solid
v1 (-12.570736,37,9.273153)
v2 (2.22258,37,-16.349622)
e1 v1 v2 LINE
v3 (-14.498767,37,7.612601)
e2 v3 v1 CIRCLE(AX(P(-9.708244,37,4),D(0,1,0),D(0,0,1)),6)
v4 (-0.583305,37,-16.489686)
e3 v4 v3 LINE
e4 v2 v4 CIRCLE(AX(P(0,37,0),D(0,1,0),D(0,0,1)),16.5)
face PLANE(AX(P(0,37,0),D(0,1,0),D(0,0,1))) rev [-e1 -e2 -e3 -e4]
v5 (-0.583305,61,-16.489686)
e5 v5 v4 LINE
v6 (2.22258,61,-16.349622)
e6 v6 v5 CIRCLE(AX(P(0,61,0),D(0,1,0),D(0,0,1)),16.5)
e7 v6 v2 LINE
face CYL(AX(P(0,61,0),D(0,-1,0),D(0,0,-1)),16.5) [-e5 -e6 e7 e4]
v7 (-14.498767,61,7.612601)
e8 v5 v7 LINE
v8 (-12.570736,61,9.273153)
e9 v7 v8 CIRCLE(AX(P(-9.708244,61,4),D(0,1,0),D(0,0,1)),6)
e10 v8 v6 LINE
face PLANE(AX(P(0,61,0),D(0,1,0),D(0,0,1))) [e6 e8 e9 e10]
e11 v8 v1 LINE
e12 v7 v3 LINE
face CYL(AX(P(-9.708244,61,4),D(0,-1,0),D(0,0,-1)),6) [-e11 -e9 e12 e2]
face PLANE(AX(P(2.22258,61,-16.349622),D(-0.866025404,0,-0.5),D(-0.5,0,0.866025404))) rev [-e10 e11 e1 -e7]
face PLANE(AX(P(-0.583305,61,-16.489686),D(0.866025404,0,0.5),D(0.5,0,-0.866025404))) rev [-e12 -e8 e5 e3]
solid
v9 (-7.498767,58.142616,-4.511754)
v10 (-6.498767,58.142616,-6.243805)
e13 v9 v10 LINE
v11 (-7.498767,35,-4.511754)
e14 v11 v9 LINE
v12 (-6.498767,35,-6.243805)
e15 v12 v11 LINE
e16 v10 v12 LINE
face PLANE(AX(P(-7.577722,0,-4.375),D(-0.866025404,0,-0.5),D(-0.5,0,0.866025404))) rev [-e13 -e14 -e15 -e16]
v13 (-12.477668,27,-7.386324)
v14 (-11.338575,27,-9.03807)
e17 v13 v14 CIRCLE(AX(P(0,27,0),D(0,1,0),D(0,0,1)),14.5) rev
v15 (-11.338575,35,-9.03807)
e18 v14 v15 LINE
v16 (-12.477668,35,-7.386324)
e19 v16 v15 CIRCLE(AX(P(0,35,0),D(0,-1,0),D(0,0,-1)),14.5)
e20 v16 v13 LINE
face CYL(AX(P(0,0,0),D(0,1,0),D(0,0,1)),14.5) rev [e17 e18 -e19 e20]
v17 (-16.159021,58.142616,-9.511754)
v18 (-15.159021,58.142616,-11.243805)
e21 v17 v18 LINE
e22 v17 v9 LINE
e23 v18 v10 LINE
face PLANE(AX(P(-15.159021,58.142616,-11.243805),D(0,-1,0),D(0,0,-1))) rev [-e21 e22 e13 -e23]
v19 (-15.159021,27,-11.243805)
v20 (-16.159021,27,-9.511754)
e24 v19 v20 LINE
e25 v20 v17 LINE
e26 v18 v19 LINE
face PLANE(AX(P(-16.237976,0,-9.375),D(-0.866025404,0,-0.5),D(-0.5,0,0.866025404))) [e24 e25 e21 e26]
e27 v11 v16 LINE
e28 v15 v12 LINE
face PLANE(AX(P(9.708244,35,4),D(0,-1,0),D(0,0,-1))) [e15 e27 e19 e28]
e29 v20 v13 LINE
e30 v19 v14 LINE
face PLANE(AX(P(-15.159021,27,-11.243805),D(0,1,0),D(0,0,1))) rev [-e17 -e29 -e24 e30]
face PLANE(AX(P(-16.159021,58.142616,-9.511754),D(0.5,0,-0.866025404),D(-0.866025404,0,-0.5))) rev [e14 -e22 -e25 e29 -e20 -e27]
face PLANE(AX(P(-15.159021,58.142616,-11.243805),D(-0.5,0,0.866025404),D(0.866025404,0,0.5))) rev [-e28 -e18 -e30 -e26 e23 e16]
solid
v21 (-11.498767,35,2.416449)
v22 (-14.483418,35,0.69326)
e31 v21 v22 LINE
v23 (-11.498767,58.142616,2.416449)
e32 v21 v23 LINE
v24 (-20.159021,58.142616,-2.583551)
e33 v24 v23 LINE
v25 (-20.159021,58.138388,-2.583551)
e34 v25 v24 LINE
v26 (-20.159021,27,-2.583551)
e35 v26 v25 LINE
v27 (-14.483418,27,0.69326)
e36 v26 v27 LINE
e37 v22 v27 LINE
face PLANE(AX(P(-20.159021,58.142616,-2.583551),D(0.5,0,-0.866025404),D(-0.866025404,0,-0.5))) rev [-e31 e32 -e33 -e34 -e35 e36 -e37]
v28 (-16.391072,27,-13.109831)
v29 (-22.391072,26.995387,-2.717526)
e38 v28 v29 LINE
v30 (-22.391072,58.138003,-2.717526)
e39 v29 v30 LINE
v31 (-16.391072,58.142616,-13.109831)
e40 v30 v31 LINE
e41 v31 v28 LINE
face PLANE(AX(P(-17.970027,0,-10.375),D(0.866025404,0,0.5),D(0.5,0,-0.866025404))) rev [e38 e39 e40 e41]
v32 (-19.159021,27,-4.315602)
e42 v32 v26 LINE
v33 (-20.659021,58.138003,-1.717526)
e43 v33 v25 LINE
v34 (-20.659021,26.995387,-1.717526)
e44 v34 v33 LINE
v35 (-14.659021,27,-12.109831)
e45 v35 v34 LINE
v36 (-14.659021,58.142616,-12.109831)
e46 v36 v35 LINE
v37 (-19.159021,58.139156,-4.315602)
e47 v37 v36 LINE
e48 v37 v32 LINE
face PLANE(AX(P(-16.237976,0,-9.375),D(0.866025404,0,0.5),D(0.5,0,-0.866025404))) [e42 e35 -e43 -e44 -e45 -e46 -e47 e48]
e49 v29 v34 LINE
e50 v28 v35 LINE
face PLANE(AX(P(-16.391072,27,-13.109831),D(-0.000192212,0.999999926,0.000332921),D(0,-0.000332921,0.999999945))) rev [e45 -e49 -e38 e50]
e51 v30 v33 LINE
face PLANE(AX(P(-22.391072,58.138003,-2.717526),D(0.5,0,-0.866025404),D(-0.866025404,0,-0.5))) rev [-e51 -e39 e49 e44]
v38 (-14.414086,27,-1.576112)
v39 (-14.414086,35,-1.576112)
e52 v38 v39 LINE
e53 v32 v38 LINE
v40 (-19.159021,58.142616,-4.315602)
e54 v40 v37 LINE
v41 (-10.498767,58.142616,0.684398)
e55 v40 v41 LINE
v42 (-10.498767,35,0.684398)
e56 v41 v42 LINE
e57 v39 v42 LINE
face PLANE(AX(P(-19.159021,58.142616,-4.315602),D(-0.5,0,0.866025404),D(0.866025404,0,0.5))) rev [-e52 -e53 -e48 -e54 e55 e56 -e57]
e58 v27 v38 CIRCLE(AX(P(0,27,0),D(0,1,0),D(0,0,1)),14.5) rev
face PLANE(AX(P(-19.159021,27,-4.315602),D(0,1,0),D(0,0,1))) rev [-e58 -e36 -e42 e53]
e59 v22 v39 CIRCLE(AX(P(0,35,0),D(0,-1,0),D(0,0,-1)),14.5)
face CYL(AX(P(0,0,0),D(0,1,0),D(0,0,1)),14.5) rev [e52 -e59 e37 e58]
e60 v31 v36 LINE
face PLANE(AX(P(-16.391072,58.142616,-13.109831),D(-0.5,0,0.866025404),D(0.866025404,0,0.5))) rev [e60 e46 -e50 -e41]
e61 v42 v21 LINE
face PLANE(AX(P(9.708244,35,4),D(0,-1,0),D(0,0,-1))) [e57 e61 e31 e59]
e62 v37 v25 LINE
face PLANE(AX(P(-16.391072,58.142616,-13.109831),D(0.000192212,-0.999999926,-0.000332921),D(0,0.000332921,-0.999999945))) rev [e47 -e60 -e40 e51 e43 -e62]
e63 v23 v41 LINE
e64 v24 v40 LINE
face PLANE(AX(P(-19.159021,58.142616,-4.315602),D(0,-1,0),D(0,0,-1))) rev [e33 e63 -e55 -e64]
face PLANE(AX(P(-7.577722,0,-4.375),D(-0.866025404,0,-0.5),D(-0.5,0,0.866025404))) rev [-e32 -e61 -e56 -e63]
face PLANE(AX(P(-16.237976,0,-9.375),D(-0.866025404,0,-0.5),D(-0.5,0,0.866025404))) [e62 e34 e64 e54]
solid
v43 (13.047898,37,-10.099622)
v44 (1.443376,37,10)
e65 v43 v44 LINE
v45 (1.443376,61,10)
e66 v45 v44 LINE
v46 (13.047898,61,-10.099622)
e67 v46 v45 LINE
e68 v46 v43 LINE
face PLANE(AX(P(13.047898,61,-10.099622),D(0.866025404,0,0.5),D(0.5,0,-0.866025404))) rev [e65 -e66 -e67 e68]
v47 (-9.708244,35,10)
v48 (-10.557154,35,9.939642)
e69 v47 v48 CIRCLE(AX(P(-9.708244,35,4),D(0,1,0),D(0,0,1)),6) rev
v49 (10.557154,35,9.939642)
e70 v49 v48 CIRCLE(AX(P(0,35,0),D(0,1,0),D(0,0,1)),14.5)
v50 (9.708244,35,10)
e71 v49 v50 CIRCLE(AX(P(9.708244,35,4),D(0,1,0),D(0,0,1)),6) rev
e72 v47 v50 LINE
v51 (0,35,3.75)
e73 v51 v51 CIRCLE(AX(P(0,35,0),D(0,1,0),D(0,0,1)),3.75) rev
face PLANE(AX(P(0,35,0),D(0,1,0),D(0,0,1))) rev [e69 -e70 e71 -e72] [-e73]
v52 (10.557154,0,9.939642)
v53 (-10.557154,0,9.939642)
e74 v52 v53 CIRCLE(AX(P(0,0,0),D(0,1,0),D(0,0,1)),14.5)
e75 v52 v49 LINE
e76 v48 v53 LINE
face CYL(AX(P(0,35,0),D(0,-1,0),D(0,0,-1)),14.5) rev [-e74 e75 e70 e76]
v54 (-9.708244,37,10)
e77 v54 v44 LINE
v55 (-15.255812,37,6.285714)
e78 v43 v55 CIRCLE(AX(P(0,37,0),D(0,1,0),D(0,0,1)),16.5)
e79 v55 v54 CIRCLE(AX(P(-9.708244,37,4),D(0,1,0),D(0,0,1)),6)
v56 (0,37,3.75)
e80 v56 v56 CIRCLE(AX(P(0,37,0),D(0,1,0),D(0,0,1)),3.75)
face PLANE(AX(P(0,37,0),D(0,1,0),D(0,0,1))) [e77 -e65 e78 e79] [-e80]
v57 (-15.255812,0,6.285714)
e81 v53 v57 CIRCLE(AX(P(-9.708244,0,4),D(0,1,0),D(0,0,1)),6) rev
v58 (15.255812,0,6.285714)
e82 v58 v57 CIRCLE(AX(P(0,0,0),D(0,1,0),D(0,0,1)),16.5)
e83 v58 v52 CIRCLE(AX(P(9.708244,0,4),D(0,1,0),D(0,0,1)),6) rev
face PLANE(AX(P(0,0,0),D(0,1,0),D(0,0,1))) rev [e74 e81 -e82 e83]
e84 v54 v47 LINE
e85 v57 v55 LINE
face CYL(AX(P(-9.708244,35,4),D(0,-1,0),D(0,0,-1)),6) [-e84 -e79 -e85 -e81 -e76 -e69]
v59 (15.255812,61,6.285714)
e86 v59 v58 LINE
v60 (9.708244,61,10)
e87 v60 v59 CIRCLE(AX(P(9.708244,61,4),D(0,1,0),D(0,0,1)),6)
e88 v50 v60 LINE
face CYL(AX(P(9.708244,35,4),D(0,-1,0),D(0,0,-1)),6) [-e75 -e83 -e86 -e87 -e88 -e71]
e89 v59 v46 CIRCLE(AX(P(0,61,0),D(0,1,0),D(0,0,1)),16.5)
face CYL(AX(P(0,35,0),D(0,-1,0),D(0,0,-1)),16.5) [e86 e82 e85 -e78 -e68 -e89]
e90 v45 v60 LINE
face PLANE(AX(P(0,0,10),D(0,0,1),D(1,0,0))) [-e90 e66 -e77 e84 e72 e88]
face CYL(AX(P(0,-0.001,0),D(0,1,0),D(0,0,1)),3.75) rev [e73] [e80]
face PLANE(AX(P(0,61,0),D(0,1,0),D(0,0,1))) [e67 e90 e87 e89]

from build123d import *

# Parameters (mm, degrees)
SKETCH_1_R          = 16.5
SKETCH_1_R_2        = 14.5
EXTRUDE_1_DEPTH     = 35
SKETCH_3_R          = 16.5
EXTRUDE_2_DEPTH     = 2
SKETCH_4_W          = 49.747728002
SKETCH_4_H          = 43.690708299
CUT_EXTRUDE_1_DEPTH = 49.40970977
CUT_EXTRUDE_2_REACH = 45.744
SKETCH_5_R          = 3.75
FILLET_1_R          = 6
EXTRUDE_3_DEPTH     = 24
EXTRUDE_3_2_DEPTH   = 24
SKETCH_7_W          = 2
SKETCH_7_H          = 31.142616215
EXTRUDE_4_DEPTH     = 10
EXTRUDE_4_2_DEPTH   = 10
EXTRUDE_5_DEPTH     = 2
EXTRUDE_7_DEPTH     = 24
CUT_EXTRUDE_3_DEPTH = 45.705817321


with BuildPart() as part:
    # 草图1 → 凸台-拉伸1 (new body)
    with BuildSketch(Plane(origin=(0, 0, 0), x_dir=(1, 0, 0), z_dir=(0, 1, 0))):
        with Locations(Location((0, 0, 0), (0, 0, 270))):
            Circle(SKETCH_1_R)
        with Locations(Location((0, 0, 0), (0, 0, 270))):
            Circle(SKETCH_1_R_2, mode=Mode.SUBTRACT)
    extrude(amount=EXTRUDE_1_DEPTH)

    # 草图3 → 凸台-拉伸2 (add)
    with BuildSketch(Plane(origin=(0, 35, 0), x_dir=(1, 0, 0), z_dir=(0, 1, 0))):
        with Locations(Location((0, 0, 0), (0, 0, 270))):
            Circle(SKETCH_3_R)
    extrude(amount=EXTRUDE_2_DEPTH)

    # 草图4 → 切除-拉伸1 (cut, through all)
    with BuildSketch(Plane.XY.offset(10)):
        with Locations((3.540684312, 17.876483266)):
            Rectangle(SKETCH_4_W, SKETCH_4_H)
    extrude(amount=CUT_EXTRUDE_1_DEPTH, mode=Mode.SUBTRACT)

    # 草图5 → 切除-拉伸2 (cut, up to next)
    with BuildSketch(Plane(origin=(0, 37, 0), x_dir=(1, 0, 0), z_dir=(0, 1, 0)), mode=Mode.PRIVATE) as cut_extrude_2_sk1:
        with Locations(Location((0, 0, 0), (0, 0, 270))):
            Circle(SKETCH_5_R)
    cut_extrude_2_tool1 = extrude(cut_extrude_2_sk1.sketch, amount=-CUT_EXTRUDE_2_REACH, mode=Mode.PRIVATE) & part.part
    add(cut_extrude_2_tool1.solids().sort_by_distance((0, 37, 0))[0], mode=Mode.SUBTRACT)

    # 圆角1
    fillet_1_edges = [part.edges().sort_by_distance(p)[0] for p in [
        (13.124404748, 18.5, 10),
        (-13.124404748, 18.5, 10),
    ]]
    fillet(fillet_1_edges, radius=FILLET_1_R)



with BuildPart() as body_2:
    # 草图6 → 凸台-拉伸3 (new body)
    with BuildSketch(Plane(origin=(0, 37, 0), x_dir=(1, 0, 0), z_dir=(0, 1, 0))):
        with BuildLine():
            Line((13.047897801, 10.099621923), (1.443375673, -10))
            Line((1.443375673, -10), (4.330127019, -10))
            Line((4.330127019, -10), (14.5721397, 7.739686335))
            ThreePointArc((14.5721397, 7.739686335), (13.860337004, 8.952153826), (13.047897801, 10.099621923))
        make_face()
    extrude(amount=EXTRUDE_3_DEPTH)


with BuildPart() as body_3:
    # 草图6 → Extrude 3 2 (new body)
    with BuildSketch(Plane(origin=(0, 37, 0), x_dir=(1, 0, 0), z_dir=(0, 1, 0))):
        with BuildLine():
            Line((-0.583304866, 16.489686335), (-14.498767089, -7.612601246))
            ThreePointArc((-14.498767089, -7.612601246), (-13.623792058, -8.546260307), (-12.570735662, -9.273152854))
            Line((-12.570735662, -9.273152854), (2.222580253, 16.349621923))
            ThreePointArc((2.222580253, 16.349621923), (0.82262413, 16.479480864), (-0.583304866, 16.489686335))
        make_face()
    extrude(amount=EXTRUDE_3_2_DEPTH)


with BuildPart() as body_4:
    # 草图7 → 凸台-拉伸4 (new body)
    with BuildSketch(Plane(origin=(-7.577722283, 0, -4.375), x_dir=(-0.5000000000000041, 0, 0.8660254037844364), z_dir=(-0.8660254037844363, 0, -0.500000000000004))):
        with Locations((6.842089612, 42.571308108)):
            Rectangle(SKETCH_7_W, SKETCH_7_H)
    extrude(amount=EXTRUDE_4_DEPTH)

    # 草图8 → 凸台-拉伸5 (add)
    with BuildSketch(Plane(origin=(-16.237976321, 0, -9.375), x_dir=(-0.5000000000000041, 0, 0.8660254037844364), z_dir=(-0.8660254037844364, 0, -0.5000000000000041))):
        Polygon((8.842089612, 58.138003133), (8.842089612, 26.995386917), (-3.157910388, 27), (-3.157910388, 58.142616215), align=None)
    extrude(amount=EXTRUDE_5_DEPTH)


with BuildPart() as body_5:
    # 草图7 → Extrude 4 2 (new body)
    with BuildSketch(Plane(origin=(-7.577722283, 0, -4.375), x_dir=(-0.5000000000000041, 0, 0.8660254037844364), z_dir=(-0.8660254037844363, 0, -0.500000000000004))):
        with Locations((-1.157910388, 42.571308108)):
            Rectangle(SKETCH_7_W, SKETCH_7_H)
    extrude(amount=EXTRUDE_4_2_DEPTH)


with BuildPart() as part_1:
    add(part.part)

    add(body_2.part)  # 凸台-拉伸7 merges body 2
    # 草图9 → 凸台-拉伸7 (add, through all)
    with BuildSketch(Plane(origin=(0, 37, 0), x_dir=(1, 0, 0), z_dir=(0, 1, 0))):
        with BuildLine():
            Line((4.330127019, -10), (9.708243919, -10))
            ThreePointArc((9.708243919, -10), (13.046335761, -8.985693819), (15.255811873, -6.285714286))
            ThreePointArc((15.255811873, -6.285714286), (16.480432015, 0.803343383), (14.5721397, 7.739686335))
            Line((14.5721397, 7.739686335), (4.330127019, -10))
        make_face()
    extrude(amount=EXTRUDE_7_DEPTH)


with BuildPart() as cut_extrude_3_tool:
    # 草图10 → 切除-拉伸3 (new, through all)
    with BuildSketch(Plane.XZ.offset(-35)):
        with BuildLine():
            Line((9.708243919, 10), (-9.708243919, 10))
            ThreePointArc((-9.708243919, 10), (-10.133770704, 9.984891558), (-10.557154474, 9.939642318))
            ThreePointArc((-10.557154474, 9.939642318), (0, -14.5), (10.557154474, 9.939642318))
            ThreePointArc((10.557154474, 9.939642318), (10.133770704, 9.984891558), (9.708243919, 10))
        make_face()
    extrude(amount=CUT_EXTRUDE_3_DEPTH)


with BuildPart() as body_4_1:
    add(body_4.part)

    # 切除-拉伸3: cut by cut_extrude_3_tool
    add(cut_extrude_3_tool.part, mode=Mode.SUBTRACT)


with BuildPart() as body_5_1:
    add(body_5.part)

    # 切除-拉伸3: cut by cut_extrude_3_tool
    add(cut_extrude_3_tool.part, mode=Mode.SUBTRACT)


solid = Compound([body_3.part, part_1.part, body_4_1.part, body_5_1.part])
